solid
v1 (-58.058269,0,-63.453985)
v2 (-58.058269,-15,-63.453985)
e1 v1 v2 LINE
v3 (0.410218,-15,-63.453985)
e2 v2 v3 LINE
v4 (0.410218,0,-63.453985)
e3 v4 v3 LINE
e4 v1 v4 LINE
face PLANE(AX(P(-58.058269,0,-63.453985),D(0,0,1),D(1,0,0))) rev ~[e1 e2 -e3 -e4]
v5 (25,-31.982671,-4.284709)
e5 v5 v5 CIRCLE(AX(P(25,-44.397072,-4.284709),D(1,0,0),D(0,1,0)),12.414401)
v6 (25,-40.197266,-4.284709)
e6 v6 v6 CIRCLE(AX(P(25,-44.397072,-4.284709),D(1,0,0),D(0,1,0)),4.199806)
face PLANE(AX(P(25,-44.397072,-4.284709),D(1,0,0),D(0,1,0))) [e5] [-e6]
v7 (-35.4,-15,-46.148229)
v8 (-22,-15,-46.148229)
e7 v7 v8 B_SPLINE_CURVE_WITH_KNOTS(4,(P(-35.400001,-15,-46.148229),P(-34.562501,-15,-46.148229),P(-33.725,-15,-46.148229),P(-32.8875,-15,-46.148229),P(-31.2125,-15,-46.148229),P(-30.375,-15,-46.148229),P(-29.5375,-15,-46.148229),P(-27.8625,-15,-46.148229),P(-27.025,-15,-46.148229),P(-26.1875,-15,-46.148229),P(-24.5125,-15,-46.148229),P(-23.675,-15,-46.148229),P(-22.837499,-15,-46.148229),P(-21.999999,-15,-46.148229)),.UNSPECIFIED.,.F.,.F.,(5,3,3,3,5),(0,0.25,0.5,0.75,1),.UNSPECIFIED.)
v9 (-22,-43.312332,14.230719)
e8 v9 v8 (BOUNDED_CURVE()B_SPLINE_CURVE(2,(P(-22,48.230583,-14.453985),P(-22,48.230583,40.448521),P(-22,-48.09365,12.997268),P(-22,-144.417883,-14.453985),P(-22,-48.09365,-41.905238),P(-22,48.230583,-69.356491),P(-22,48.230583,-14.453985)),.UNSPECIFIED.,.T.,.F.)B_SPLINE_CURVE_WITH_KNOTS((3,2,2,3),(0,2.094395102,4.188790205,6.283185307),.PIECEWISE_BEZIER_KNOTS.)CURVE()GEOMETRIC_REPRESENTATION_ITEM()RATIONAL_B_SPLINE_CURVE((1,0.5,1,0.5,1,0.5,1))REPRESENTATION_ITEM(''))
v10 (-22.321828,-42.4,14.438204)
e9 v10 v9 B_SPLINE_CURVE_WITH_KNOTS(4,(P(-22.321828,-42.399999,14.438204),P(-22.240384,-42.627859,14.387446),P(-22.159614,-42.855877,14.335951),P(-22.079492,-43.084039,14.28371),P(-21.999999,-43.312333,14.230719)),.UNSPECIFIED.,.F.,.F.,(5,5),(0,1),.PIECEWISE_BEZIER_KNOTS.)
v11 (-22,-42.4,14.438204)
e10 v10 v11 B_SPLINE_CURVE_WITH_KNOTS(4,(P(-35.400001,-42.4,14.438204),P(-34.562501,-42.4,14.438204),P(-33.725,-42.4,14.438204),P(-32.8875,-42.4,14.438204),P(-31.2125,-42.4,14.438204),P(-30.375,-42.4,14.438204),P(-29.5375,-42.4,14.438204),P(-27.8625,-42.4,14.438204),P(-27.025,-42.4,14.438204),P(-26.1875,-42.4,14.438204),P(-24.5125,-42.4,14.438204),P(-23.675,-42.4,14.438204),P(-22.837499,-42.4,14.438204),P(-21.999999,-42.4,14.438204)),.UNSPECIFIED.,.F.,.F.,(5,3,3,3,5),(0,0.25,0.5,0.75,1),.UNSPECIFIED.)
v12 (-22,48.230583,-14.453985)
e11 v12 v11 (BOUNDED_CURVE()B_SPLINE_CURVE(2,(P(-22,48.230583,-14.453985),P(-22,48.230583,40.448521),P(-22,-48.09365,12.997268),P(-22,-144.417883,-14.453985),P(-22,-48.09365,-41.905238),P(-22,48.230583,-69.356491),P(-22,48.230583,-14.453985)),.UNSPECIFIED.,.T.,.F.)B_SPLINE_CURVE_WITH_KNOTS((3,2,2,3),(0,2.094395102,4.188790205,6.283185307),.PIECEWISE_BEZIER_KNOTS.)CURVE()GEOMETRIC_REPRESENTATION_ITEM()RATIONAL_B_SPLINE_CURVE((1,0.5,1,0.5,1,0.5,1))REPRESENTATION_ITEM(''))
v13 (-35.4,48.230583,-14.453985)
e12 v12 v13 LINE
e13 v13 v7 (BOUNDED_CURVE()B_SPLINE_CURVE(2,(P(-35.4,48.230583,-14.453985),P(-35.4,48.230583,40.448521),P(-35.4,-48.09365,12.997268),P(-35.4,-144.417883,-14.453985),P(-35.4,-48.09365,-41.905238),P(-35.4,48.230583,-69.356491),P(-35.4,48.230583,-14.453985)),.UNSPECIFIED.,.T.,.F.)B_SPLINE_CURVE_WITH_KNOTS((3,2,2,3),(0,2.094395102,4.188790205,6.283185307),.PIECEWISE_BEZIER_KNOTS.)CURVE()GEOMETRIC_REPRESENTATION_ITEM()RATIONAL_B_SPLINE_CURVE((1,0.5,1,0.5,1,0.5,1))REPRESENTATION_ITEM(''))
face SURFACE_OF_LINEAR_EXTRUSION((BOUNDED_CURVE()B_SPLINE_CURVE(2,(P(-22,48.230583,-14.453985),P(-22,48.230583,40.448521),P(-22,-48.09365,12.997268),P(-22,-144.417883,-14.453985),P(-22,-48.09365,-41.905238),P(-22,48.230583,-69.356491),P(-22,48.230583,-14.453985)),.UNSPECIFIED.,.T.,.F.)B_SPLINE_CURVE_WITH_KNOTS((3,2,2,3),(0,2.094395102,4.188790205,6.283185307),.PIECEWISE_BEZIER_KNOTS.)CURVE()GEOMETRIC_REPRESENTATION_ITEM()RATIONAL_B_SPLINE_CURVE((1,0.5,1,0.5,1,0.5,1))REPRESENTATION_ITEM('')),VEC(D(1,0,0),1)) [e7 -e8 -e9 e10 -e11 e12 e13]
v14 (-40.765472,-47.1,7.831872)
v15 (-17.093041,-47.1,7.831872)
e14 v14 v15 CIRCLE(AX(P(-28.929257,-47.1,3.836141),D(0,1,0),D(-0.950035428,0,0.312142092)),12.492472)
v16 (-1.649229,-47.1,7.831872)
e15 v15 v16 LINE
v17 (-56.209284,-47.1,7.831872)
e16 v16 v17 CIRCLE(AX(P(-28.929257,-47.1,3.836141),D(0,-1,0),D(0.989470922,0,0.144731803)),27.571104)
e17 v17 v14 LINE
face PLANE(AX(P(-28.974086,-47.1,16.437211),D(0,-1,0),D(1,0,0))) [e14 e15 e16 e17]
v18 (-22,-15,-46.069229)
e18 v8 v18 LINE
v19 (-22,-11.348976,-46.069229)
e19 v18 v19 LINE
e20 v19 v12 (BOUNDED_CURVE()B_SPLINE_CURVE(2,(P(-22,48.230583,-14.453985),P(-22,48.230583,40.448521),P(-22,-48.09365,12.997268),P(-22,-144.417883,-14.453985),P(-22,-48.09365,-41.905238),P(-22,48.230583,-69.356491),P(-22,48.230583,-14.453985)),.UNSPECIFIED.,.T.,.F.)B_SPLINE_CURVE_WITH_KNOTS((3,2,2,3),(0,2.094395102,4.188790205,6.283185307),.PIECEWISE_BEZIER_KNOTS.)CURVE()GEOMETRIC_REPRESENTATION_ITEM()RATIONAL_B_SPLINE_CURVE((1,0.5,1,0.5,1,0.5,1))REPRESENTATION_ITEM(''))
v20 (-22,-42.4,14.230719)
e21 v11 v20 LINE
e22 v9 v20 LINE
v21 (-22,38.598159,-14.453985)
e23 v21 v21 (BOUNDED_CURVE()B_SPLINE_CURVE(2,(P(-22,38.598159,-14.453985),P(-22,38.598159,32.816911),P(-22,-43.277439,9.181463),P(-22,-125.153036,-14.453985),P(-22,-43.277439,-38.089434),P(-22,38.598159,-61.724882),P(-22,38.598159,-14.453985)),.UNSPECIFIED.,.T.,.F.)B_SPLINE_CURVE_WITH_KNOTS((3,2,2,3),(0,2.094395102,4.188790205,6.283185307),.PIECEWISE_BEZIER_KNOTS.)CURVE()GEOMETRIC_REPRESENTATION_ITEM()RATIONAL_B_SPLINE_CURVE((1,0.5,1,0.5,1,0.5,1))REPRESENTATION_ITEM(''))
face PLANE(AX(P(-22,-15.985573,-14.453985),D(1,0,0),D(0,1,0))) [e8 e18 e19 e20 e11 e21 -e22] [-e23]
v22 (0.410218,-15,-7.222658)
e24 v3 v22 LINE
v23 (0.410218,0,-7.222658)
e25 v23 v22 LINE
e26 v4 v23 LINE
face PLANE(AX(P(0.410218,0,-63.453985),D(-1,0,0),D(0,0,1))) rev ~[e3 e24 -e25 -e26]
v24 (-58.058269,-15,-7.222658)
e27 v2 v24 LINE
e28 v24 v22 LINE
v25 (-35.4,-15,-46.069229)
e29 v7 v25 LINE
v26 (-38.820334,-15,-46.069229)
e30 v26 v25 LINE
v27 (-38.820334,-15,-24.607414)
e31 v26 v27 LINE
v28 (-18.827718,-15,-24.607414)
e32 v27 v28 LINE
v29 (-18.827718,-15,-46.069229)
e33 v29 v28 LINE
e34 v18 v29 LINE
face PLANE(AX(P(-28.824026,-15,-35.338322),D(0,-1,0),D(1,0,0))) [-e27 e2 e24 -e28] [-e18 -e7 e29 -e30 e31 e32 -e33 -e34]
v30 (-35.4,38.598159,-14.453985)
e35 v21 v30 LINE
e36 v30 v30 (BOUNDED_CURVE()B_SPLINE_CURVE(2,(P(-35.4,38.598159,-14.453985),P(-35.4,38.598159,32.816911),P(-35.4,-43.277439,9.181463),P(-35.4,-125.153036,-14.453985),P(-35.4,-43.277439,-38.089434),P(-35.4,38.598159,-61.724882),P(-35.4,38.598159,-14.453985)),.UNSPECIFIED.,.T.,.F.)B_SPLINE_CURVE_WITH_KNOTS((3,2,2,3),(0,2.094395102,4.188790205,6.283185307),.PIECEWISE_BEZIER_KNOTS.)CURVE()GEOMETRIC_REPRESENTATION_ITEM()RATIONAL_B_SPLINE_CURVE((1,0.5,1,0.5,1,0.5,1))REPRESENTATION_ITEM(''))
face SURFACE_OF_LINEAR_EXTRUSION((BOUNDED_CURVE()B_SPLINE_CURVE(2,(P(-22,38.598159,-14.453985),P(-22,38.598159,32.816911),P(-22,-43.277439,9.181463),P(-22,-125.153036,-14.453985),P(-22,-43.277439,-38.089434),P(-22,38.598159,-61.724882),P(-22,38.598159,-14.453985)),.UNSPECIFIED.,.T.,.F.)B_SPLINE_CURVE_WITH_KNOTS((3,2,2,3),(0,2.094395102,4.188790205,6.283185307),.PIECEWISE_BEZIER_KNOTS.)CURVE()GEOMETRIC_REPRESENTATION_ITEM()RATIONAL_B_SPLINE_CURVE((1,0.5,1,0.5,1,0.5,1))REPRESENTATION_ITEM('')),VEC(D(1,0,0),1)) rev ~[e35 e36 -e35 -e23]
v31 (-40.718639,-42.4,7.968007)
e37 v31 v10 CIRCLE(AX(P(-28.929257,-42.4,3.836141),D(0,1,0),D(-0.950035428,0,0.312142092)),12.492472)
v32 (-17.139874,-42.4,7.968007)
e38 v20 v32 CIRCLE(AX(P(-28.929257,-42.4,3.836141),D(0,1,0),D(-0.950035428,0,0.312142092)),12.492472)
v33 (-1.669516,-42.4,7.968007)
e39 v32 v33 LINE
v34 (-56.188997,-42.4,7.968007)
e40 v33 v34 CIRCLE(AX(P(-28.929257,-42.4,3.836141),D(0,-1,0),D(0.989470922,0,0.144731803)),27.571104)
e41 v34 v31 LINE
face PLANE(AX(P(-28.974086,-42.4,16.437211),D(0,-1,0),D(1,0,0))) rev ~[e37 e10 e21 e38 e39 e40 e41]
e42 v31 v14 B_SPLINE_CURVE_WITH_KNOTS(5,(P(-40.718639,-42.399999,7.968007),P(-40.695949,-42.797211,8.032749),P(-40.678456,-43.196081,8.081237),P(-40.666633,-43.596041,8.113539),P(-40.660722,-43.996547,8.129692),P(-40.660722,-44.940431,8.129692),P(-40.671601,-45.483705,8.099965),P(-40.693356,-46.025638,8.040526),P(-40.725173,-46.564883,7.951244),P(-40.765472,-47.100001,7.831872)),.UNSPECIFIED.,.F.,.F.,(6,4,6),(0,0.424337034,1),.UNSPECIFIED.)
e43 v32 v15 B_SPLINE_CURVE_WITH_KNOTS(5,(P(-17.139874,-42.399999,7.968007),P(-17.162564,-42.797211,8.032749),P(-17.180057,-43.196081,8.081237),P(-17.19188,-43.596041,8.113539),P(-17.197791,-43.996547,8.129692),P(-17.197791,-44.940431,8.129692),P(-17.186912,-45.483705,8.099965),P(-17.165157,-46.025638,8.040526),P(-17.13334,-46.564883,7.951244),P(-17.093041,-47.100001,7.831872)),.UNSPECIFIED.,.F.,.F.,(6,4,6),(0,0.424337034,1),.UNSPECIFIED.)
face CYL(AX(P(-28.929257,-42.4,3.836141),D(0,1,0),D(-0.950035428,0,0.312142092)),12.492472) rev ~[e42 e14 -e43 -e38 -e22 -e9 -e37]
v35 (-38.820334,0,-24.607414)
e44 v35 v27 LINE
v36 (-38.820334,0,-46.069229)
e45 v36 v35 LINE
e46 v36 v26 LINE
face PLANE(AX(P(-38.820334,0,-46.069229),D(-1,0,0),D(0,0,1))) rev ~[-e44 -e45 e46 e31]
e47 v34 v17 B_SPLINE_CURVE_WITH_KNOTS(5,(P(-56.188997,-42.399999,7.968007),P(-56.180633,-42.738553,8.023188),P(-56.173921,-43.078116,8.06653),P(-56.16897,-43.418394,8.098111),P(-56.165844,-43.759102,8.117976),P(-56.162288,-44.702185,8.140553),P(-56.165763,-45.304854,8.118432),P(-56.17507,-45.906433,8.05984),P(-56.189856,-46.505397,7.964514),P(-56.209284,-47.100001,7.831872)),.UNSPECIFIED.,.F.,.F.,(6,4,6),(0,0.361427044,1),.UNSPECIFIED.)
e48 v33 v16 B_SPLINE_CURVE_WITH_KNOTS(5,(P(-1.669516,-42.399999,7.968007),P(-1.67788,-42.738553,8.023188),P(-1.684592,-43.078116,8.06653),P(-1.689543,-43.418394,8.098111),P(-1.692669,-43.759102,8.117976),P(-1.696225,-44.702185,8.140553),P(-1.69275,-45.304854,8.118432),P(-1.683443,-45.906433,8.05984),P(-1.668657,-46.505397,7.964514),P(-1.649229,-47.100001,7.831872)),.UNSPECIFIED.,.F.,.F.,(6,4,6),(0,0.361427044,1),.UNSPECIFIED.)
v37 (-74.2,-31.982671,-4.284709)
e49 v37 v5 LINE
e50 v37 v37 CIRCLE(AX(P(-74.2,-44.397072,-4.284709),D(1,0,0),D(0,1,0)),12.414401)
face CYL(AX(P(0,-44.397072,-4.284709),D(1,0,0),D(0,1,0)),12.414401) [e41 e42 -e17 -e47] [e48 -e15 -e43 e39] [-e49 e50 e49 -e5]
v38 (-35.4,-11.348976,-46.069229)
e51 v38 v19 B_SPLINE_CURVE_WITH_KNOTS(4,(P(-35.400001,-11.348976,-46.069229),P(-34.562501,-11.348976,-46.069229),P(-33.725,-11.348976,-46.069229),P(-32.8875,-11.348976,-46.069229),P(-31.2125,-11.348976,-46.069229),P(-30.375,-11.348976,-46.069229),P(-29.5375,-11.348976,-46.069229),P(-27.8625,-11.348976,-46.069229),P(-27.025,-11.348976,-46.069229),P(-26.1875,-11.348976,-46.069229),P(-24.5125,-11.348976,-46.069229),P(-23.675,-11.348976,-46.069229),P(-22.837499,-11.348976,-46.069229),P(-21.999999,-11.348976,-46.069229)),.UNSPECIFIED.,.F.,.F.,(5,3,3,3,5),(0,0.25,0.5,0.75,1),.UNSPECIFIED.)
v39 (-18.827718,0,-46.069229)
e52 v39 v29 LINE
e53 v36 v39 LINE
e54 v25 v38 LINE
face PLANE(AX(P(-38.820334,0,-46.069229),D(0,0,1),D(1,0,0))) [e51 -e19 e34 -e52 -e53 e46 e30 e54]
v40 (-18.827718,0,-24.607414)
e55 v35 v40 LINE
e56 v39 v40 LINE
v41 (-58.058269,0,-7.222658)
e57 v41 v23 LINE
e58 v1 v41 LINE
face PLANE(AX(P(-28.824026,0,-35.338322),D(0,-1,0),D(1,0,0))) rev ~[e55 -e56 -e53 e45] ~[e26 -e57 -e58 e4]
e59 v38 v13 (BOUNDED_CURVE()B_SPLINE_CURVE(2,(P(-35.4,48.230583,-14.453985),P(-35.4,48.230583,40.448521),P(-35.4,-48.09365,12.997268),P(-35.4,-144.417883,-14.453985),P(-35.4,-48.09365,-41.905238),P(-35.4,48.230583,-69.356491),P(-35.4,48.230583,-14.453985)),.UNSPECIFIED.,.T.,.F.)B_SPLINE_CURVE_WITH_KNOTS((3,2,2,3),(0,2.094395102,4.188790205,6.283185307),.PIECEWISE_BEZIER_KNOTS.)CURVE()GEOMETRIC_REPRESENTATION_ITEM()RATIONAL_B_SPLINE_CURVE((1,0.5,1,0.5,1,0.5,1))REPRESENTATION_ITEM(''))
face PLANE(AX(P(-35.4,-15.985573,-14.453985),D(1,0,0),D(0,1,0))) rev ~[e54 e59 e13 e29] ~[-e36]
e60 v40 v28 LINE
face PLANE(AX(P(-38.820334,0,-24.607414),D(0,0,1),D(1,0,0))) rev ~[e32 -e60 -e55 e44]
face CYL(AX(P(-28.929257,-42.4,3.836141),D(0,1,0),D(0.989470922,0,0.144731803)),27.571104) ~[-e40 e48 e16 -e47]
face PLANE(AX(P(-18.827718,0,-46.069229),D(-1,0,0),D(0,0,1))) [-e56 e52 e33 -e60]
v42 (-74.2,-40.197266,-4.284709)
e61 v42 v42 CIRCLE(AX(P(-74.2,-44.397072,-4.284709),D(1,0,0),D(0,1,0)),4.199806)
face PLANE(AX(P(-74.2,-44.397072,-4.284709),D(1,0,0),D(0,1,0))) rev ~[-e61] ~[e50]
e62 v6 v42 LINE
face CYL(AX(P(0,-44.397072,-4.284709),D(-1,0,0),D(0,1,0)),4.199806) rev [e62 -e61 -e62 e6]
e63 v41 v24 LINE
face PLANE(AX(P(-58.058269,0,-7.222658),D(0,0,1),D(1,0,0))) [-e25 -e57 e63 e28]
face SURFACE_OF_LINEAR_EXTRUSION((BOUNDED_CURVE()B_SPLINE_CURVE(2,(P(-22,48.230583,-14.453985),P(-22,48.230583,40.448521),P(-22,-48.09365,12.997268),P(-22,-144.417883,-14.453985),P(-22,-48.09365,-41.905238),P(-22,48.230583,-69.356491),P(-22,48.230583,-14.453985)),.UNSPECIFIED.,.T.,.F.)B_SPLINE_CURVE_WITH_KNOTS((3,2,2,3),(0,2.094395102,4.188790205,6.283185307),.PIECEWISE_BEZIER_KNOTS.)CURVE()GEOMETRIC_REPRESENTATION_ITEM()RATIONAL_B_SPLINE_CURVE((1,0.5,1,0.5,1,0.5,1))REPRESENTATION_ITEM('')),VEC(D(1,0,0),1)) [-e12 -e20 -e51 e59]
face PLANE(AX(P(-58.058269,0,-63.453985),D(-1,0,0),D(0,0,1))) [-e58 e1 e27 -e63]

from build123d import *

# Parameters (mm, degrees)
F0_W          = 58.4684867455
F0_H          = 56.2313273549
F0_W_2        = 19.9926165287
F0_H_2        = 21.461814642
F1_DEPTH      = 15
F3_START      = -22
F3_DEPTH      = 13.4
F2_R          = 12.4144011898
F2_R_2        = 4.1998064772
F4_DEPTH      = 25
F4_DEPTH_BACK = 74.2
F6_START      = 42.4
F6_DEPTH      = 4.7


with BuildPart() as f1:
    # F0 (on Front) → F1 (new body)
    with BuildSketch(Plane.XZ):
        with Locations((-28.8240257651, -35.3383217007)):
            Rectangle(F0_W, F0_H)
        with Locations((-28.8240257651, -35.3383217007)):
            Rectangle(F0_W_2, F0_H_2, mode=Mode.SUBTRACT)
    extrude(amount=F1_DEPTH)

    # F2 (on Right) → F3 (join)
    with BuildSketch(Plane.YZ.offset(F3_START)):
        with BuildLine():
            add(Edge.make_bspline(
                [(48.2305826326, -14.4539853781), (48.2305826326, 40.448520655), (-48.0936503822, 12.9972676384), (-144.4178833971, -14.4539853781), (-48.0936503822, -41.9052383947), (48.2305826326, -69.3564914113), (48.2305826326, -14.4539853781)],
                knots=[0, 0, 0, 2.0943951024, 2.0943951024, 4.1887902048, 4.1887902048, 6.2831853072, 6.2831853072, 6.2831853072], degree=2, weights=[1, 0.5, 1, 0.5, 1, 0.5, 1]))
        make_face()
        with BuildLine():
            add(Edge.make_bspline(
                [(38.5981590781, -14.4539853781), (38.5981590781, 32.8169113411), (-43.277438605, 9.1814629815), (-125.1530362881, -14.4539853781), (-43.277438605, -38.0894337377), (38.5981590781, -61.7248820973), (38.5981590781, -14.4539853781)],
                knots=[0, 0, 0, 2.0943951024, 2.0943951024, 4.1887902048, 4.1887902048, 6.2831853072, 6.2831853072, 6.2831853072], degree=2, weights=[1, 0.5, 1, 0.5, 1, 0.5, 1]))
        make_face(mode=Mode.SUBTRACT)
    extrude(amount=-F3_DEPTH)



with BuildPart() as f4:
    # F2 (on Right) → F4 (new body, two sides)
    with BuildSketch(Plane.YZ) as f4_sk:
        with Locations((-44.3970719813, -4.2847092263)):
            Circle(F2_R)
        with Locations((-44.3970719813, -4.2847092263)):
            Circle(F2_R_2, mode=Mode.SUBTRACT)
    extrude(amount=F4_DEPTH)
    extrude(f4_sk.sketch, amount=-F4_DEPTH_BACK)


with BuildPart() as f1_1:
    add(f1.part)

    add(f4.part)  # F6 merges F4
    # F5 (on Front) → F6 (join)
    with BuildSketch(Plane.XZ.offset(F6_START)):
        with BuildLine():
            ThreePointArc((-40.7975474959, 7.7355672316), (-28.9192202864, 16.3286088343), (-17.054715436, 7.7164926056))
            Line((-17.054715436, 7.7164926056), (-1.6484512016, 7.8265564516))
            ThreePointArc((-1.6484512016, 7.8265564516), (-29.0411817177, 31.4070173638), (-56.2415607274, 7.6049333438))
            Line((-56.2415607274, 7.6049333438), (-40.7975474959, 7.7355672316))
        make_face()
    extrude(amount=F6_DEPTH)


solid = f1_1.part
